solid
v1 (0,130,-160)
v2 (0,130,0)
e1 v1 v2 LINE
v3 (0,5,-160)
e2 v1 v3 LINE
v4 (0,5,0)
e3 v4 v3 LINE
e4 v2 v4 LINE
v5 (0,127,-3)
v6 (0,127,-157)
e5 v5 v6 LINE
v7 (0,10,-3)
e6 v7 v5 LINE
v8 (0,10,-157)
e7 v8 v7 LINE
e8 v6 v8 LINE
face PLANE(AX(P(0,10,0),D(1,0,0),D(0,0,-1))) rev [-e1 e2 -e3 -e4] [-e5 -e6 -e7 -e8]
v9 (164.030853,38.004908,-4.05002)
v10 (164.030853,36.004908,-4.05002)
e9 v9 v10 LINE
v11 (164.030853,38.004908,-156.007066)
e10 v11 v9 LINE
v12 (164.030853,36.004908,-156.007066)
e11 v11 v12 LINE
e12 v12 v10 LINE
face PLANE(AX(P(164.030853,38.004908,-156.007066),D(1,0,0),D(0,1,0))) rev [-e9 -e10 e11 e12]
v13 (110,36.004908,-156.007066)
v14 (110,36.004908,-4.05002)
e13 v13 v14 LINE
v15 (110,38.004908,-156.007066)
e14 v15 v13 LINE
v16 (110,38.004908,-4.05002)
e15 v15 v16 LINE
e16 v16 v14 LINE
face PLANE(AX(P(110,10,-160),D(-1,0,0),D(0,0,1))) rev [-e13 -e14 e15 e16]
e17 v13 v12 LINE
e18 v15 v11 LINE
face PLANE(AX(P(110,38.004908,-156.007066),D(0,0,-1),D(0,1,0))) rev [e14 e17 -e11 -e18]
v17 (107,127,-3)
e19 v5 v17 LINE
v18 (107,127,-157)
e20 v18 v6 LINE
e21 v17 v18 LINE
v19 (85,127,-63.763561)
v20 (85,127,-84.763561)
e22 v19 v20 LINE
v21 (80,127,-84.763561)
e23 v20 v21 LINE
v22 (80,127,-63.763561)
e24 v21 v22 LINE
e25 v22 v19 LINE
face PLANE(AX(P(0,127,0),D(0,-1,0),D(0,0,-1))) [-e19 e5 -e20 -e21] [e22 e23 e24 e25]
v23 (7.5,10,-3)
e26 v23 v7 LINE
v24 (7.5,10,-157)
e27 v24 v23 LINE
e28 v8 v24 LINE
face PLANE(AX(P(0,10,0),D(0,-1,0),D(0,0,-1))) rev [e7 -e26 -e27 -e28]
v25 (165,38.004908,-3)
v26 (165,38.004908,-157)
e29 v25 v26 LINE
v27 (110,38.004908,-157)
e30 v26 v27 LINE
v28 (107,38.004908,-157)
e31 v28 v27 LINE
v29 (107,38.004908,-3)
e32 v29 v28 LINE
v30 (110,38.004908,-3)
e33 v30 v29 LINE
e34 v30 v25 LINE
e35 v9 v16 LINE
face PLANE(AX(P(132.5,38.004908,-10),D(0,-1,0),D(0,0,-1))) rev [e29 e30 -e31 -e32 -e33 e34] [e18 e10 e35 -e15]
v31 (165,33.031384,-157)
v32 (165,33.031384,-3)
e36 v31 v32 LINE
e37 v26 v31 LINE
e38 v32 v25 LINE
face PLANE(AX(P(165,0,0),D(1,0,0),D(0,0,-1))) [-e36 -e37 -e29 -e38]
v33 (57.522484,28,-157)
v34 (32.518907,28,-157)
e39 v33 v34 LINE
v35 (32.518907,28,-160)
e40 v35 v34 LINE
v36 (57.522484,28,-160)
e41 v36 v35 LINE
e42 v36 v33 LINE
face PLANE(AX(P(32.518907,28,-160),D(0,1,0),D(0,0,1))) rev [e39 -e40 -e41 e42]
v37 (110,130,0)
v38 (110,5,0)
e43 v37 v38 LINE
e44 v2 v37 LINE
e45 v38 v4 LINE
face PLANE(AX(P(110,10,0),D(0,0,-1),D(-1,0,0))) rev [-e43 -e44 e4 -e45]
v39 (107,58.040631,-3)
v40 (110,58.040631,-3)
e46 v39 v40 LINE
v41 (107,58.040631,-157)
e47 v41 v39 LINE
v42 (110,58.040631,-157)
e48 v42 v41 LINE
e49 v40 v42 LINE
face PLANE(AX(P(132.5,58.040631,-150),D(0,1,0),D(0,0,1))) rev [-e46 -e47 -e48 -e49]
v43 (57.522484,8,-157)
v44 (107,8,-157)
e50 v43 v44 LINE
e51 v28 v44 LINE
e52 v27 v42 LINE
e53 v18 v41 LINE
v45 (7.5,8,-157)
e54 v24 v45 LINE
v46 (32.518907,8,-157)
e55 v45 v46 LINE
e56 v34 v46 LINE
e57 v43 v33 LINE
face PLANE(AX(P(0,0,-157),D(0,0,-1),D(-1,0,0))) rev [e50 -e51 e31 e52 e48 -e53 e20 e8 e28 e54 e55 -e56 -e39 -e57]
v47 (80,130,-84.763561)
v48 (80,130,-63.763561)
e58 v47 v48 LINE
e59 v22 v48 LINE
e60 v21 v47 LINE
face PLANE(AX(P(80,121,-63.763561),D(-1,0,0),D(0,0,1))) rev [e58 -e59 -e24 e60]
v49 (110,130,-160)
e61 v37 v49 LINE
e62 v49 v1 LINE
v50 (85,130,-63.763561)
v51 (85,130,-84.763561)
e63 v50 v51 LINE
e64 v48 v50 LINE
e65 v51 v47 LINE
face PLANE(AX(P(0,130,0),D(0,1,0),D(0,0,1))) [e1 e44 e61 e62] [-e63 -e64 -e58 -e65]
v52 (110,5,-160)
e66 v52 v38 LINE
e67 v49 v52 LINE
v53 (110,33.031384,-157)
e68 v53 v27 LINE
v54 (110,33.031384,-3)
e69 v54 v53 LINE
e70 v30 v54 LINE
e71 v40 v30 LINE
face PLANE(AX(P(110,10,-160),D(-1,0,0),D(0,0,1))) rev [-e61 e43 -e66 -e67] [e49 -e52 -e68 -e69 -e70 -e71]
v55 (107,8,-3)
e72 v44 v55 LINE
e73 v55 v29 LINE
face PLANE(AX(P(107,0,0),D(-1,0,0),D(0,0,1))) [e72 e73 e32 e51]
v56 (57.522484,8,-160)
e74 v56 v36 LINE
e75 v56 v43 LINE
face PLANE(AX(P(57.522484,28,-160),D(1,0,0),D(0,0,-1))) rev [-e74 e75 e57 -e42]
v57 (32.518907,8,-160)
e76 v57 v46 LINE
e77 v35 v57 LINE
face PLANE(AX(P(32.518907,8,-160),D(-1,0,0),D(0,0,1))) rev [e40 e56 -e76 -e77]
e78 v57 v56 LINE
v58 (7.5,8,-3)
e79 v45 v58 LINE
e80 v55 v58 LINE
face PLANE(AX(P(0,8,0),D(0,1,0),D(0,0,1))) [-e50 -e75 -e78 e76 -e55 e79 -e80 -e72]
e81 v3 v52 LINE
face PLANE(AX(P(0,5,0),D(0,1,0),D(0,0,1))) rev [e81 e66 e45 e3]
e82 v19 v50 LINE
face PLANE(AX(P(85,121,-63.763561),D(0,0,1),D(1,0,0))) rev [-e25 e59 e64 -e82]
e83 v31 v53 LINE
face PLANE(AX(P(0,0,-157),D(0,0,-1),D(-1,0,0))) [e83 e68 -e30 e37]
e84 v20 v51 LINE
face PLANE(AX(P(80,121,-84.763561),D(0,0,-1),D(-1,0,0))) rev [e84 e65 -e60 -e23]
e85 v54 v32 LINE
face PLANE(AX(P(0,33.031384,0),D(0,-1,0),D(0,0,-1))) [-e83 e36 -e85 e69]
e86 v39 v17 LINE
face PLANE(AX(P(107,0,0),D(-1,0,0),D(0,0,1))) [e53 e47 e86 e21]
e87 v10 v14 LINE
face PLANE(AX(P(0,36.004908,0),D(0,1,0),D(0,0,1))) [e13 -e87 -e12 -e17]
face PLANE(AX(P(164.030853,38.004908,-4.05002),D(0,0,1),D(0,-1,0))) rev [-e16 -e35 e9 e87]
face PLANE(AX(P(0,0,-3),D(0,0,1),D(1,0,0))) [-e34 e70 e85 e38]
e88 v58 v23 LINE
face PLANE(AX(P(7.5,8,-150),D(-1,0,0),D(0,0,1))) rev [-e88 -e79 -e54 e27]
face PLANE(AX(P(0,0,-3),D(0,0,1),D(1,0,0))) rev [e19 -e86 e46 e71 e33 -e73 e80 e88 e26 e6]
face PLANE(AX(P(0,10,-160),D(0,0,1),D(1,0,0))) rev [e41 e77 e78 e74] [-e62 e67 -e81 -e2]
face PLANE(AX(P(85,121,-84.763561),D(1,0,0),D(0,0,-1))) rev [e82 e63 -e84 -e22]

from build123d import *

# Parameters (mm, degrees)
ESBO_O1_W                   = 110
ESBO_O1_H                   = 160
RESSALTO_EXTRUS_O1_DEPTH    = 10
ESBO_O2_W                   = 95
ESBO_O2_H                   = 140
CORTE_EXTRUS_O1_DEPTH       = 2
RESSALTO_EXTRUS_O2_DEPTH    = 110
ESBO_O6_W                   = 25.003576957
ESBO_O6_H                   = 20
CORTE_EXTRUS_O2_DEPTH       = 10
ESBO_O7_W                   = 140
ESBO_O7_H                   = 20.035722947
SAIDAPRAFIOSSENSORES_DEPTH  = 30
ESBO_O8_W                   = 140
ESBO_O8_H                   = 9.973523328
SUPORTE_PARA_SENSORES_DEPTH = 55
ESBO_O9_W                   = 55
ESBO_O9_H                   = 140
CORTE_EXTRUS_O4_DEPTH       = 2
ESBO_O5_W                   = 110
ESBO_O5_H                   = 160
RESSALTO_EXTRUS_O3_DEPTH    = 10
ESBO_O11_W                  = 5
ESBO_O11_H                  = 21
CORTE_EXTRUS_O5_DEPTH       = 9
ESBO_O12_W                  = 102.5
ESBO_O12_H                  = 140
CORTE_EXTRUS_O6_DEPTH       = 7
CORTE_EXTRUS_O7_DEPTH       = 7
CORTE_EXTRUS_O8_DEPTH       = 7
ESBO_O15_W                  = 110
ESBO_O15_H                  = 160
CORTE_EXTRUS_O9_DEPTH       = 5
ESBO_O16_W                  = 154
ESBO_O16_H                  = 119
CORTE_EXTRUS_O10_DEPTH      = 4.5
ESBO_O17_W                  = 55
ESBO_O17_H                  = 140
CORTE_EXTRUS_O11_DEPTH      = 5
ESBO_O18_W                  = 55
ESBO_O18_H                  = 2.973523328
RESSALTO_EXTRUS_O4_DEPTH    = 7
ESBO_O19_W                  = 55
ESBO_O19_H                  = 2.973523328
RESSALTO_EXTRUS_O5_DEPTH    = 7
RESSALTO_EXTRUS_O6_DEPTH    = 2


with BuildPart() as part:
    # Esboço1 → Ressalto-extrusão1 (new body)
    with BuildSketch(Plane(origin=(0, 0, 0), x_dir=(1, 0, 0), z_dir=(0, 1, 0))):
        with Locations((55, 80)):
            Rectangle(ESBO_O1_W, ESBO_O1_H)
    extrude(amount=RESSALTO_EXTRUS_O1_DEPTH)

    # Esboço2 → Corte-extrusão1 (cut)
    with BuildSketch(Plane(origin=(0, 10, 0), x_dir=(1, 0, 0), z_dir=(0, 1, 0))):
        with Locations((55, 80)):
            Rectangle(ESBO_O2_W, ESBO_O2_H)
    extrude(amount=-CORTE_EXTRUS_O1_DEPTH, mode=Mode.SUBTRACT)

    # Esboço4 → Ressalto-extrusão2 (add)
    with BuildSketch(Plane(origin=(0, 10, 0), x_dir=(1, 0, 0), z_dir=(0, 1, 0))):
        Polygon((0, 160), (0, 150), (102.5, 150), (102.5, 10), (0, 10), (0, 0), (110, 0), (110, 160), align=None)
    extrude(amount=RESSALTO_EXTRUS_O2_DEPTH)

    # Esboço6 → Corte-extrusão2 (cut)
    with BuildSketch(Plane.XY.offset(-150)):
        with Locations((45.020695382, 18)):
            Rectangle(ESBO_O6_W, ESBO_O6_H)
    extrude(amount=-CORTE_EXTRUS_O2_DEPTH, mode=Mode.SUBTRACT)

    # Esboço7 → Saidaprafiossensores (cut)
    with BuildSketch(Plane.ZY.offset(-102.5)):
        with Locations((-80, 48.022769051)):
            Rectangle(ESBO_O7_W, ESBO_O7_H)
    extrude(amount=-SAIDAPRAFIOSSENSORES_DEPTH, mode=Mode.SUBTRACT)

    # Esboço8 → Suporte para sensores (add)
    with BuildSketch(Plane(origin=(110, 0, 0), x_dir=(0, 0, -1), z_dir=(1, 0, 0))):
        with Locations((80, 33.018145913)):
            Rectangle(ESBO_O8_W, ESBO_O8_H)
    extrude(amount=SUPORTE_PARA_SENSORES_DEPTH)

    # Esboço9 → Corte-extrusão4 (cut)
    with BuildSketch(Plane(origin=(0, 38.004907577, 0), x_dir=(1, 0, 0), z_dir=(0, 1, 0))):
        with Locations((137.5, 80)):
            Rectangle(ESBO_O9_W, ESBO_O9_H)
    extrude(amount=-CORTE_EXTRUS_O4_DEPTH, mode=Mode.SUBTRACT)

    # Esboço5 → Ressalto-extrusão3 (add)
    with BuildSketch(Plane(origin=(0, 120, 0), x_dir=(1, 0, 0), z_dir=(0, 1, 0))):
        with Locations((55, 80)):
            Rectangle(ESBO_O5_W, ESBO_O5_H)
    extrude(amount=RESSALTO_EXTRUS_O3_DEPTH)

    # Esboço11 → Corte-extrusão5 (cut)
    with BuildSketch(Plane(origin=(0, 130, 0), x_dir=(1, 0, 0), z_dir=(0, 1, 0))):
        with Locations((82.5, 74.263561318)):
            Rectangle(ESBO_O11_W, ESBO_O11_H)
    extrude(amount=-CORTE_EXTRUS_O5_DEPTH, mode=Mode.SUBTRACT)

    # Esboço12 → Corte-extrusão6 (cut)
    with BuildSketch(Plane.XZ.offset(-120)):
        with Locations((51.25, -80)):
            Rectangle(ESBO_O12_W, ESBO_O12_H)
    extrude(amount=-CORTE_EXTRUS_O6_DEPTH, mode=Mode.SUBTRACT)

    # Esboço13 → Corte-extrusão7 (cut)
    with BuildSketch(Plane.XY.offset(-150)):
        Polygon((7.5, 8), (7.5, 10), (0, 10), (0, 127), (102.5, 127), (102.5, 58.040630524), (110, 58.040630524), (110, 38.004907577), (102.5, 38.004907577), (102.5, 8), align=None)
    extrude(amount=-CORTE_EXTRUS_O7_DEPTH, mode=Mode.SUBTRACT)

    # Esboço14 → Corte-extrusão8 (cut)
    with BuildSketch(Plane(origin=(0, 0, -10), x_dir=(-1, 0, 0), z_dir=(0, 0, -1))):
        Polygon((-102.5, 127), (0, 127), (0, 10), (-7.5, 10), (-7.5, 8), (-102.5, 8), (-102.5, 38.004907577), (-110, 38.004907577), (-110, 58.040630524), (-102.5, 58.040630524), align=None)
    extrude(amount=-CORTE_EXTRUS_O8_DEPTH, mode=Mode.SUBTRACT)

    # Esboço15 → Corte-extrusão9 (cut)
    with BuildSketch(Plane.XZ):
        with Locations((55, -80)):
            Rectangle(ESBO_O15_W, ESBO_O15_H)
    extrude(amount=-CORTE_EXTRUS_O9_DEPTH, mode=Mode.SUBTRACT)

    # Esboço16 → Corte-extrusão10 (cut)
    with BuildSketch(Plane.ZY.offset(-102.5)):
        with Locations((-80, 67.5)):
            Rectangle(ESBO_O16_W, ESBO_O16_H)
    extrude(amount=-CORTE_EXTRUS_O10_DEPTH, mode=Mode.SUBTRACT)

    # Esboço17 → Corte-extrusão11 (cut)
    with BuildSketch(Plane.XZ.offset(-28.031384249)):
        with Locations((137.5, -80)):
            Rectangle(ESBO_O17_W, ESBO_O17_H)
    extrude(amount=-CORTE_EXTRUS_O11_DEPTH, mode=Mode.SUBTRACT)

    # Esboço18 → Ressalto-extrusão4 (add)
    with BuildSketch(Plane.XY.offset(-10)):
        with Locations((137.5, 34.518145913)):
            Rectangle(ESBO_O18_W, ESBO_O18_H)
    extrude(amount=RESSALTO_EXTRUS_O4_DEPTH)

    # Esboço19 → Ressalto-extrusão5 (add)
    with BuildSketch(Plane(origin=(0, 0, -150), x_dir=(-1, 0, 0), z_dir=(0, 0, -1))):
        with Locations((-137.5, 34.518145913)):
            Rectangle(ESBO_O19_W, ESBO_O19_H)
    extrude(amount=RESSALTO_EXTRUS_O5_DEPTH)

    # Esboço20 → Ressalto-extrusão6 (add)
    with BuildSketch(Plane(origin=(0, 36.004907577, 0), x_dir=(1, 0, 0), z_dir=(0, 1, 0))):
        Polygon((110, 157), (110, 156.007066328), (164.030852529, 156.007066328), (164.030852529, 4.050019812), (110, 4.050019812), (110, 3), (165, 3), (165, 157), align=None)
    extrude(amount=RESSALTO_EXTRUS_O6_DEPTH)


solid = part.part
